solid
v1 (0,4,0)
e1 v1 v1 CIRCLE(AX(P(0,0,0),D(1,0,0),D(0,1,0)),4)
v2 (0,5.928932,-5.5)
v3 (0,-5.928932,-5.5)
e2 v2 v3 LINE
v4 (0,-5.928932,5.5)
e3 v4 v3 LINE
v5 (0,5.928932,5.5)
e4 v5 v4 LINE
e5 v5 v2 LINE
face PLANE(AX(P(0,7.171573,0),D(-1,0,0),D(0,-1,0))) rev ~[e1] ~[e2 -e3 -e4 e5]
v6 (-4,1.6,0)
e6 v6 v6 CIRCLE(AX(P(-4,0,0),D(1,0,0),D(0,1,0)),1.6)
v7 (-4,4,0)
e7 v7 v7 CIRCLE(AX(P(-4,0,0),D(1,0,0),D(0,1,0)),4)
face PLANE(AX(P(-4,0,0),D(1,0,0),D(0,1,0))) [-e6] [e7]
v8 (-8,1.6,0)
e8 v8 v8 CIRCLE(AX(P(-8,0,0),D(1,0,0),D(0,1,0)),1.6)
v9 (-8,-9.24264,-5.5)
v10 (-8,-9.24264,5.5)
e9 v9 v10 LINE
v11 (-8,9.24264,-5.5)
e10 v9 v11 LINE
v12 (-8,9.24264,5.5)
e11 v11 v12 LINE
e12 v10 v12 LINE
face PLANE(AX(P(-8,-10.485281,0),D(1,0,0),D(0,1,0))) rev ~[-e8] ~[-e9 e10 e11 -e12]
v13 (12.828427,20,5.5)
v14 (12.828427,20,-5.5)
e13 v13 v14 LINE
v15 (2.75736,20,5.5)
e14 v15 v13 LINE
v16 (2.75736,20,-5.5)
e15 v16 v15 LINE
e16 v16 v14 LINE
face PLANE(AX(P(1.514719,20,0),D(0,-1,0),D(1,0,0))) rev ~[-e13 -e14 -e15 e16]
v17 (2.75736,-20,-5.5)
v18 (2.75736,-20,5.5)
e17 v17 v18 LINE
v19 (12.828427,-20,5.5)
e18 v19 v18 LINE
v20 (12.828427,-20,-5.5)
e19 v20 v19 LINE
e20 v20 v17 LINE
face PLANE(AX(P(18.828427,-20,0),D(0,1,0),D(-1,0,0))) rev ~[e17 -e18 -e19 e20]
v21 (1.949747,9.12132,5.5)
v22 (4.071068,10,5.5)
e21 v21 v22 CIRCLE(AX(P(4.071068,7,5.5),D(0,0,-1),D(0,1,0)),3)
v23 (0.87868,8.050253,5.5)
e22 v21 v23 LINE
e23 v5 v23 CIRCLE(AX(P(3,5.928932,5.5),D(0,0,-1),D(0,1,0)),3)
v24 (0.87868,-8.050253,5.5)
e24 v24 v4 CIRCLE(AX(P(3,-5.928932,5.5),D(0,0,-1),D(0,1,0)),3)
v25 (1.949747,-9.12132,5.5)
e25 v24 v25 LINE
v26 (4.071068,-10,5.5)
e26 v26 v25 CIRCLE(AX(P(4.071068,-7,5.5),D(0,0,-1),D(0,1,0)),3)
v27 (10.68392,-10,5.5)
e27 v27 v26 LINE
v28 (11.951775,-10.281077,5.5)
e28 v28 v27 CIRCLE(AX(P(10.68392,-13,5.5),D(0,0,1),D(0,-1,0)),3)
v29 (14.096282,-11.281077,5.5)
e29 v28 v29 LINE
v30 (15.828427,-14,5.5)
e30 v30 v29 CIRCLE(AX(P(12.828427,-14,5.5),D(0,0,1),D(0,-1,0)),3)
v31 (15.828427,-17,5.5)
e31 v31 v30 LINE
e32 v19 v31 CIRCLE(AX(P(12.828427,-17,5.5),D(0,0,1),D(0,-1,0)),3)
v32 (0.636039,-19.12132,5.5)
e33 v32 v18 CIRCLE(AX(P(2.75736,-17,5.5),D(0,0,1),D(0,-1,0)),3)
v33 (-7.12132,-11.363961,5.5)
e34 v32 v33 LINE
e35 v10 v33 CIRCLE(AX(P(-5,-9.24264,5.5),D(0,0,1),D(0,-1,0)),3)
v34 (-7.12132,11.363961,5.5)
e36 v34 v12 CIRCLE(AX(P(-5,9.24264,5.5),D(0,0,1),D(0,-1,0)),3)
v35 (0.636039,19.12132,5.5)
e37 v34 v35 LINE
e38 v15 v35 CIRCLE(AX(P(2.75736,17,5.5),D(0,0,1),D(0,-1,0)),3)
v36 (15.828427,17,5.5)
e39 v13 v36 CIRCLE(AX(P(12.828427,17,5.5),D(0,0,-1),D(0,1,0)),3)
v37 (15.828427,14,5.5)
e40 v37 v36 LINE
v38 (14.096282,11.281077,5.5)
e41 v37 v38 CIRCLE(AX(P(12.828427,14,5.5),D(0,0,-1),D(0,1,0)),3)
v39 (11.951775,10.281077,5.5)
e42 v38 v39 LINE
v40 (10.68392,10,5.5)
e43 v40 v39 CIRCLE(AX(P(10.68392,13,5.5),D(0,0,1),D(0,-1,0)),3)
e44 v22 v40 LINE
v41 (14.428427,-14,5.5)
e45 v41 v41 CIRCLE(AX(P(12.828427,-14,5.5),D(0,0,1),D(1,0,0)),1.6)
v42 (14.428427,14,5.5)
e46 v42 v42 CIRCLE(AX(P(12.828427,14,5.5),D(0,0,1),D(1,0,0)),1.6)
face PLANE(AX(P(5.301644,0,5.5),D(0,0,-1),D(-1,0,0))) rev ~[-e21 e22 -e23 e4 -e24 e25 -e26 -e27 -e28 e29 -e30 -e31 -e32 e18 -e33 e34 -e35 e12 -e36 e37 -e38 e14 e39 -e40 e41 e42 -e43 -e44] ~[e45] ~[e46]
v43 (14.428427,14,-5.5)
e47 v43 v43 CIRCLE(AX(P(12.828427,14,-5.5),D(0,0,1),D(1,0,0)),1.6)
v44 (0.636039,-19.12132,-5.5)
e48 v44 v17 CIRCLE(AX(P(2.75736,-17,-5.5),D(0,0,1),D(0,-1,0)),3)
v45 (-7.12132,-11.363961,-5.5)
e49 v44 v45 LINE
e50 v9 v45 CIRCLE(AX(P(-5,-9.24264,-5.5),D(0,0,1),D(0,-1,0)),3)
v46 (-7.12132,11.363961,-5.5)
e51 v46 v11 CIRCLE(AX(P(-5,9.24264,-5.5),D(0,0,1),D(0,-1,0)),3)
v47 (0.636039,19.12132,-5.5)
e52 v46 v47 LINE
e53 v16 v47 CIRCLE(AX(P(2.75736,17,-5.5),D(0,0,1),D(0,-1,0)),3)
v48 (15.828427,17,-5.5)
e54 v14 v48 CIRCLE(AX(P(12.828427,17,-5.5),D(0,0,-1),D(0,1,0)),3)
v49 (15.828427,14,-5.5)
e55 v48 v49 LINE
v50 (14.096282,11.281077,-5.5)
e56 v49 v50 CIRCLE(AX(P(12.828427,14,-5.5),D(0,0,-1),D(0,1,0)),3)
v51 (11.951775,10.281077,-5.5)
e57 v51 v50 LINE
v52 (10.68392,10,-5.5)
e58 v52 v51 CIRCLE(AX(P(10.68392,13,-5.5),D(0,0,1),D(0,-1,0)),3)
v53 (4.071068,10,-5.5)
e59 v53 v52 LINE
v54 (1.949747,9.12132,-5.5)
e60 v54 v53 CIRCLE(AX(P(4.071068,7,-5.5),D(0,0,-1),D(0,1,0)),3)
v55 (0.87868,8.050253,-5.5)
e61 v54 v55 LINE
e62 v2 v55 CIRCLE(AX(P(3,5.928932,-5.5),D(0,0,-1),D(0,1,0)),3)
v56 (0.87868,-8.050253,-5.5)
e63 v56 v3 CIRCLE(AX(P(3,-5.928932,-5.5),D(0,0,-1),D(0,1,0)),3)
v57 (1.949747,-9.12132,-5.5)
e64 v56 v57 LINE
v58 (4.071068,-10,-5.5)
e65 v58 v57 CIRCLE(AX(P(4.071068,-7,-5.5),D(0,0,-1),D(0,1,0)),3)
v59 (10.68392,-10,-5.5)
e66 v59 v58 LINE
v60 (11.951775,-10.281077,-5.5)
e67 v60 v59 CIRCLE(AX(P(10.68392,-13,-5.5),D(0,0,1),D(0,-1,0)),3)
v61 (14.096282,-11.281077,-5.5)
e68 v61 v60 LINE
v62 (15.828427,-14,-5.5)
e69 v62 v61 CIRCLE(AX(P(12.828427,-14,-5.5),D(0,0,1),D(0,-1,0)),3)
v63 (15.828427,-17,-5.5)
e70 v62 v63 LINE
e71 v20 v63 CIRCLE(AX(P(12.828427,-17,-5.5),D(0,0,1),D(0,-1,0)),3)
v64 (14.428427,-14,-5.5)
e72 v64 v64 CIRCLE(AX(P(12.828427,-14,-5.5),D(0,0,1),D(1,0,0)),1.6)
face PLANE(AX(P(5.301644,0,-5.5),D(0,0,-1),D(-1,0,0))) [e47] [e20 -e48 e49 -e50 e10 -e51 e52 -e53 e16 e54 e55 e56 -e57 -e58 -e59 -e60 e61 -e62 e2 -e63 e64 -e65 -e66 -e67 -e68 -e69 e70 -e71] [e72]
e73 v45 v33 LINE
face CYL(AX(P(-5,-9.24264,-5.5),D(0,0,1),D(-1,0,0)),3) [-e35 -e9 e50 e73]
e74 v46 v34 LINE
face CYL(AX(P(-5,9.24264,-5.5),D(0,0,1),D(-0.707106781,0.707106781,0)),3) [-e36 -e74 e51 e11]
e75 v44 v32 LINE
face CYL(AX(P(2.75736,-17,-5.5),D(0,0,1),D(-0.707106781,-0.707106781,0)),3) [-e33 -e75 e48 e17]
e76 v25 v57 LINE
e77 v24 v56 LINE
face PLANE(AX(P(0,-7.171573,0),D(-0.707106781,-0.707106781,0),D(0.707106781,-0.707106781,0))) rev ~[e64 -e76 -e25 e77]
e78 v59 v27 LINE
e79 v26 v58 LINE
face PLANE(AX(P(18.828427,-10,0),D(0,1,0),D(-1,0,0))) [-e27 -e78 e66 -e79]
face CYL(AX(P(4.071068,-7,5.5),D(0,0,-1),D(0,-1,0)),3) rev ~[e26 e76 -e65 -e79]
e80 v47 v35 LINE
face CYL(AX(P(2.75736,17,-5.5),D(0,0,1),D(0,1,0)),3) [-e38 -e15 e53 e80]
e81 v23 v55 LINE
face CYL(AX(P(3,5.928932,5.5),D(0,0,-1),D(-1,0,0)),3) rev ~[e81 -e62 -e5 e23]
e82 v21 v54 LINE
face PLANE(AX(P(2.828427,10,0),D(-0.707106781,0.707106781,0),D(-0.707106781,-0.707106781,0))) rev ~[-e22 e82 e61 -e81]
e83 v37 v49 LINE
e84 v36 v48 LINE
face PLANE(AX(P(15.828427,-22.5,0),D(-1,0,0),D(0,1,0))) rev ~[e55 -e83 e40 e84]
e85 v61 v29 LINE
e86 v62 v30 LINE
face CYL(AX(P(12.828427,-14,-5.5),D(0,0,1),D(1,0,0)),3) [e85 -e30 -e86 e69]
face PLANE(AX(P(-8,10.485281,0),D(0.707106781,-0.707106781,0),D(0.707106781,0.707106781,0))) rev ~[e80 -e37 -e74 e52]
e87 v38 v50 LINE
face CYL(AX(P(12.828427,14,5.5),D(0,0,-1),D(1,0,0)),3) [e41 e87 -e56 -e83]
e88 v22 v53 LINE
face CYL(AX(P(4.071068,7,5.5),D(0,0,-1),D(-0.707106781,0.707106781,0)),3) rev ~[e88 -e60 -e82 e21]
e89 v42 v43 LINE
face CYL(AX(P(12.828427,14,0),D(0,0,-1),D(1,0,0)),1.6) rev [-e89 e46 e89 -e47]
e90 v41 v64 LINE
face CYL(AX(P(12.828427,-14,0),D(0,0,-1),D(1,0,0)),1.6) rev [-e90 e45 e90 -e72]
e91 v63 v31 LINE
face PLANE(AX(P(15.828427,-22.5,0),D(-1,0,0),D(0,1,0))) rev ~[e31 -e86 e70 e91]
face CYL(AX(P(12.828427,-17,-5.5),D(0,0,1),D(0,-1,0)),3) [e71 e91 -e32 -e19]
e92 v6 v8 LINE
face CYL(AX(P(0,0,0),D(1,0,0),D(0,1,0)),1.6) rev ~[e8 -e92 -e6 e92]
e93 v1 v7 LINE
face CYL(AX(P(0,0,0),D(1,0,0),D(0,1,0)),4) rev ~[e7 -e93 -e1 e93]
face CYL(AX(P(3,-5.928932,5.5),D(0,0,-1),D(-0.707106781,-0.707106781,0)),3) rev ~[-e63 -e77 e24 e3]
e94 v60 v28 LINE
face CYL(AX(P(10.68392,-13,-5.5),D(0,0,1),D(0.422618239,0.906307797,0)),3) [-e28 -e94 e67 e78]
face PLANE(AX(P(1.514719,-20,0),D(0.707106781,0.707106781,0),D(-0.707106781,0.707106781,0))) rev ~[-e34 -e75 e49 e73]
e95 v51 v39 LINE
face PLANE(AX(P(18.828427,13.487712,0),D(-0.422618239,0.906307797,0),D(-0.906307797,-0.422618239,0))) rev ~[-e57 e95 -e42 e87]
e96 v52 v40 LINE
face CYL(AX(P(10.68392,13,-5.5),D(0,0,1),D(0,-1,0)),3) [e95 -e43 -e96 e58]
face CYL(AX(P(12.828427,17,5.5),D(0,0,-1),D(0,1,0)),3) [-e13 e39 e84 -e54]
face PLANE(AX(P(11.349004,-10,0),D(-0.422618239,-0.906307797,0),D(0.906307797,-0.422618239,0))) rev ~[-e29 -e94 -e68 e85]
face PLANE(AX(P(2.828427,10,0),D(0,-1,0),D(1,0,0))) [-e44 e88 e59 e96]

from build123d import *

# Parameters (mm, degrees)
SKETCH_R             = 1.6
PAD_DEPTH            = 5.5
SKETCH001_R          = 1.6
POCKET_DEPTH         = 8.001
POCKET001_DEPTH      = 5.501
POCKET001_DEPTH_BACK = 5.501
SKETCH003_W          = 10
SKETCH003_H          = 45
POCKET002_DEPTH      = 5.501
POCKET002_DEPTH_BACK = 5.501
SKETCH004_R          = 4
POCKET003_DEPTH      = 4
FILLET_R             = 3


with BuildPart() as part:
    # Sketch → Pad (new body, symmetric)
    with BuildSketch(Plane.XY):
        Polygon((1.514719, 20), (18.828427, 20), (18.828427, 10), (6.828427, 10), (2.828427, 10), (0, 7.171573), (0, -7.171573), (2.828427, -10), (6.828427, -10), (18.828427, -10), (18.828427, -20), (1.514719, -20), (-8, -10.485281), (-8, 10.485281), align=None)
        with Locations((12.828427, 14)):
            Circle(SKETCH_R, mode=Mode.SUBTRACT)
        with Locations((12.828427, -14)):
            Circle(SKETCH_R, mode=Mode.SUBTRACT)
    extrude(amount=PAD_DEPTH, both=True)

    # Sketch001 → Pocket (cut, through all)
    with BuildSketch(Plane.YZ):
        Circle(SKETCH001_R)
    extrude(amount=-POCKET_DEPTH, mode=Mode.SUBTRACT)

    # Sketch002 → Pocket001 (cut, two sides)
    with BuildSketch(Plane.XY) as pocket001_sk:
        Polygon((18.828427, 13.487712), (11.349004, 10), (18.828427, 10), align=None)
        Polygon((11.349004, -10), (18.828427, -13.487712), (18.828427, -10), align=None)
    extrude(amount=-POCKET001_DEPTH, mode=Mode.SUBTRACT)
    extrude(pocket001_sk.sketch, amount=POCKET001_DEPTH_BACK, mode=Mode.SUBTRACT)

    # Sketch003 → Pocket002 (cut, two sides)
    with BuildSketch(Plane.XY) as pocket002_sk:
        with Locations((20.828427, 0)):
            Rectangle(SKETCH003_W, SKETCH003_H)
    extrude(amount=-POCKET002_DEPTH, mode=Mode.SUBTRACT)
    extrude(pocket002_sk.sketch, amount=POCKET002_DEPTH_BACK, mode=Mode.SUBTRACT)

    # Sketch004 → Pocket003 (cut)
    with BuildSketch(Plane.YZ):
        Circle(SKETCH004_R)
    extrude(amount=-POCKET003_DEPTH, mode=Mode.SUBTRACT)

    # Fillet
    fillet_edges = [part.edges().sort_by_distance(p)[0] for p in [
        (15.828427, -20, 0),
        (15.828427, -12.088789, 0),
        (11.349004, -10, 0),
        (2.828427, -10, 0),
        (0, -7.171573, 0),
        (0, 7.171573, 0),
        (2.828427, 10, 0),
        (11.349004, 10, 0),
        (15.828427, 12.088789, 0),
        (15.828427, 20, 0),
        (1.514719, 20, 0),
        (-8, 10.485281, 0),
        (-8, -10.485281, 0),
        (1.514719, -20, 0),
    ]]
    fillet(fillet_edges, radius=FILLET_R)


solid = part.part
